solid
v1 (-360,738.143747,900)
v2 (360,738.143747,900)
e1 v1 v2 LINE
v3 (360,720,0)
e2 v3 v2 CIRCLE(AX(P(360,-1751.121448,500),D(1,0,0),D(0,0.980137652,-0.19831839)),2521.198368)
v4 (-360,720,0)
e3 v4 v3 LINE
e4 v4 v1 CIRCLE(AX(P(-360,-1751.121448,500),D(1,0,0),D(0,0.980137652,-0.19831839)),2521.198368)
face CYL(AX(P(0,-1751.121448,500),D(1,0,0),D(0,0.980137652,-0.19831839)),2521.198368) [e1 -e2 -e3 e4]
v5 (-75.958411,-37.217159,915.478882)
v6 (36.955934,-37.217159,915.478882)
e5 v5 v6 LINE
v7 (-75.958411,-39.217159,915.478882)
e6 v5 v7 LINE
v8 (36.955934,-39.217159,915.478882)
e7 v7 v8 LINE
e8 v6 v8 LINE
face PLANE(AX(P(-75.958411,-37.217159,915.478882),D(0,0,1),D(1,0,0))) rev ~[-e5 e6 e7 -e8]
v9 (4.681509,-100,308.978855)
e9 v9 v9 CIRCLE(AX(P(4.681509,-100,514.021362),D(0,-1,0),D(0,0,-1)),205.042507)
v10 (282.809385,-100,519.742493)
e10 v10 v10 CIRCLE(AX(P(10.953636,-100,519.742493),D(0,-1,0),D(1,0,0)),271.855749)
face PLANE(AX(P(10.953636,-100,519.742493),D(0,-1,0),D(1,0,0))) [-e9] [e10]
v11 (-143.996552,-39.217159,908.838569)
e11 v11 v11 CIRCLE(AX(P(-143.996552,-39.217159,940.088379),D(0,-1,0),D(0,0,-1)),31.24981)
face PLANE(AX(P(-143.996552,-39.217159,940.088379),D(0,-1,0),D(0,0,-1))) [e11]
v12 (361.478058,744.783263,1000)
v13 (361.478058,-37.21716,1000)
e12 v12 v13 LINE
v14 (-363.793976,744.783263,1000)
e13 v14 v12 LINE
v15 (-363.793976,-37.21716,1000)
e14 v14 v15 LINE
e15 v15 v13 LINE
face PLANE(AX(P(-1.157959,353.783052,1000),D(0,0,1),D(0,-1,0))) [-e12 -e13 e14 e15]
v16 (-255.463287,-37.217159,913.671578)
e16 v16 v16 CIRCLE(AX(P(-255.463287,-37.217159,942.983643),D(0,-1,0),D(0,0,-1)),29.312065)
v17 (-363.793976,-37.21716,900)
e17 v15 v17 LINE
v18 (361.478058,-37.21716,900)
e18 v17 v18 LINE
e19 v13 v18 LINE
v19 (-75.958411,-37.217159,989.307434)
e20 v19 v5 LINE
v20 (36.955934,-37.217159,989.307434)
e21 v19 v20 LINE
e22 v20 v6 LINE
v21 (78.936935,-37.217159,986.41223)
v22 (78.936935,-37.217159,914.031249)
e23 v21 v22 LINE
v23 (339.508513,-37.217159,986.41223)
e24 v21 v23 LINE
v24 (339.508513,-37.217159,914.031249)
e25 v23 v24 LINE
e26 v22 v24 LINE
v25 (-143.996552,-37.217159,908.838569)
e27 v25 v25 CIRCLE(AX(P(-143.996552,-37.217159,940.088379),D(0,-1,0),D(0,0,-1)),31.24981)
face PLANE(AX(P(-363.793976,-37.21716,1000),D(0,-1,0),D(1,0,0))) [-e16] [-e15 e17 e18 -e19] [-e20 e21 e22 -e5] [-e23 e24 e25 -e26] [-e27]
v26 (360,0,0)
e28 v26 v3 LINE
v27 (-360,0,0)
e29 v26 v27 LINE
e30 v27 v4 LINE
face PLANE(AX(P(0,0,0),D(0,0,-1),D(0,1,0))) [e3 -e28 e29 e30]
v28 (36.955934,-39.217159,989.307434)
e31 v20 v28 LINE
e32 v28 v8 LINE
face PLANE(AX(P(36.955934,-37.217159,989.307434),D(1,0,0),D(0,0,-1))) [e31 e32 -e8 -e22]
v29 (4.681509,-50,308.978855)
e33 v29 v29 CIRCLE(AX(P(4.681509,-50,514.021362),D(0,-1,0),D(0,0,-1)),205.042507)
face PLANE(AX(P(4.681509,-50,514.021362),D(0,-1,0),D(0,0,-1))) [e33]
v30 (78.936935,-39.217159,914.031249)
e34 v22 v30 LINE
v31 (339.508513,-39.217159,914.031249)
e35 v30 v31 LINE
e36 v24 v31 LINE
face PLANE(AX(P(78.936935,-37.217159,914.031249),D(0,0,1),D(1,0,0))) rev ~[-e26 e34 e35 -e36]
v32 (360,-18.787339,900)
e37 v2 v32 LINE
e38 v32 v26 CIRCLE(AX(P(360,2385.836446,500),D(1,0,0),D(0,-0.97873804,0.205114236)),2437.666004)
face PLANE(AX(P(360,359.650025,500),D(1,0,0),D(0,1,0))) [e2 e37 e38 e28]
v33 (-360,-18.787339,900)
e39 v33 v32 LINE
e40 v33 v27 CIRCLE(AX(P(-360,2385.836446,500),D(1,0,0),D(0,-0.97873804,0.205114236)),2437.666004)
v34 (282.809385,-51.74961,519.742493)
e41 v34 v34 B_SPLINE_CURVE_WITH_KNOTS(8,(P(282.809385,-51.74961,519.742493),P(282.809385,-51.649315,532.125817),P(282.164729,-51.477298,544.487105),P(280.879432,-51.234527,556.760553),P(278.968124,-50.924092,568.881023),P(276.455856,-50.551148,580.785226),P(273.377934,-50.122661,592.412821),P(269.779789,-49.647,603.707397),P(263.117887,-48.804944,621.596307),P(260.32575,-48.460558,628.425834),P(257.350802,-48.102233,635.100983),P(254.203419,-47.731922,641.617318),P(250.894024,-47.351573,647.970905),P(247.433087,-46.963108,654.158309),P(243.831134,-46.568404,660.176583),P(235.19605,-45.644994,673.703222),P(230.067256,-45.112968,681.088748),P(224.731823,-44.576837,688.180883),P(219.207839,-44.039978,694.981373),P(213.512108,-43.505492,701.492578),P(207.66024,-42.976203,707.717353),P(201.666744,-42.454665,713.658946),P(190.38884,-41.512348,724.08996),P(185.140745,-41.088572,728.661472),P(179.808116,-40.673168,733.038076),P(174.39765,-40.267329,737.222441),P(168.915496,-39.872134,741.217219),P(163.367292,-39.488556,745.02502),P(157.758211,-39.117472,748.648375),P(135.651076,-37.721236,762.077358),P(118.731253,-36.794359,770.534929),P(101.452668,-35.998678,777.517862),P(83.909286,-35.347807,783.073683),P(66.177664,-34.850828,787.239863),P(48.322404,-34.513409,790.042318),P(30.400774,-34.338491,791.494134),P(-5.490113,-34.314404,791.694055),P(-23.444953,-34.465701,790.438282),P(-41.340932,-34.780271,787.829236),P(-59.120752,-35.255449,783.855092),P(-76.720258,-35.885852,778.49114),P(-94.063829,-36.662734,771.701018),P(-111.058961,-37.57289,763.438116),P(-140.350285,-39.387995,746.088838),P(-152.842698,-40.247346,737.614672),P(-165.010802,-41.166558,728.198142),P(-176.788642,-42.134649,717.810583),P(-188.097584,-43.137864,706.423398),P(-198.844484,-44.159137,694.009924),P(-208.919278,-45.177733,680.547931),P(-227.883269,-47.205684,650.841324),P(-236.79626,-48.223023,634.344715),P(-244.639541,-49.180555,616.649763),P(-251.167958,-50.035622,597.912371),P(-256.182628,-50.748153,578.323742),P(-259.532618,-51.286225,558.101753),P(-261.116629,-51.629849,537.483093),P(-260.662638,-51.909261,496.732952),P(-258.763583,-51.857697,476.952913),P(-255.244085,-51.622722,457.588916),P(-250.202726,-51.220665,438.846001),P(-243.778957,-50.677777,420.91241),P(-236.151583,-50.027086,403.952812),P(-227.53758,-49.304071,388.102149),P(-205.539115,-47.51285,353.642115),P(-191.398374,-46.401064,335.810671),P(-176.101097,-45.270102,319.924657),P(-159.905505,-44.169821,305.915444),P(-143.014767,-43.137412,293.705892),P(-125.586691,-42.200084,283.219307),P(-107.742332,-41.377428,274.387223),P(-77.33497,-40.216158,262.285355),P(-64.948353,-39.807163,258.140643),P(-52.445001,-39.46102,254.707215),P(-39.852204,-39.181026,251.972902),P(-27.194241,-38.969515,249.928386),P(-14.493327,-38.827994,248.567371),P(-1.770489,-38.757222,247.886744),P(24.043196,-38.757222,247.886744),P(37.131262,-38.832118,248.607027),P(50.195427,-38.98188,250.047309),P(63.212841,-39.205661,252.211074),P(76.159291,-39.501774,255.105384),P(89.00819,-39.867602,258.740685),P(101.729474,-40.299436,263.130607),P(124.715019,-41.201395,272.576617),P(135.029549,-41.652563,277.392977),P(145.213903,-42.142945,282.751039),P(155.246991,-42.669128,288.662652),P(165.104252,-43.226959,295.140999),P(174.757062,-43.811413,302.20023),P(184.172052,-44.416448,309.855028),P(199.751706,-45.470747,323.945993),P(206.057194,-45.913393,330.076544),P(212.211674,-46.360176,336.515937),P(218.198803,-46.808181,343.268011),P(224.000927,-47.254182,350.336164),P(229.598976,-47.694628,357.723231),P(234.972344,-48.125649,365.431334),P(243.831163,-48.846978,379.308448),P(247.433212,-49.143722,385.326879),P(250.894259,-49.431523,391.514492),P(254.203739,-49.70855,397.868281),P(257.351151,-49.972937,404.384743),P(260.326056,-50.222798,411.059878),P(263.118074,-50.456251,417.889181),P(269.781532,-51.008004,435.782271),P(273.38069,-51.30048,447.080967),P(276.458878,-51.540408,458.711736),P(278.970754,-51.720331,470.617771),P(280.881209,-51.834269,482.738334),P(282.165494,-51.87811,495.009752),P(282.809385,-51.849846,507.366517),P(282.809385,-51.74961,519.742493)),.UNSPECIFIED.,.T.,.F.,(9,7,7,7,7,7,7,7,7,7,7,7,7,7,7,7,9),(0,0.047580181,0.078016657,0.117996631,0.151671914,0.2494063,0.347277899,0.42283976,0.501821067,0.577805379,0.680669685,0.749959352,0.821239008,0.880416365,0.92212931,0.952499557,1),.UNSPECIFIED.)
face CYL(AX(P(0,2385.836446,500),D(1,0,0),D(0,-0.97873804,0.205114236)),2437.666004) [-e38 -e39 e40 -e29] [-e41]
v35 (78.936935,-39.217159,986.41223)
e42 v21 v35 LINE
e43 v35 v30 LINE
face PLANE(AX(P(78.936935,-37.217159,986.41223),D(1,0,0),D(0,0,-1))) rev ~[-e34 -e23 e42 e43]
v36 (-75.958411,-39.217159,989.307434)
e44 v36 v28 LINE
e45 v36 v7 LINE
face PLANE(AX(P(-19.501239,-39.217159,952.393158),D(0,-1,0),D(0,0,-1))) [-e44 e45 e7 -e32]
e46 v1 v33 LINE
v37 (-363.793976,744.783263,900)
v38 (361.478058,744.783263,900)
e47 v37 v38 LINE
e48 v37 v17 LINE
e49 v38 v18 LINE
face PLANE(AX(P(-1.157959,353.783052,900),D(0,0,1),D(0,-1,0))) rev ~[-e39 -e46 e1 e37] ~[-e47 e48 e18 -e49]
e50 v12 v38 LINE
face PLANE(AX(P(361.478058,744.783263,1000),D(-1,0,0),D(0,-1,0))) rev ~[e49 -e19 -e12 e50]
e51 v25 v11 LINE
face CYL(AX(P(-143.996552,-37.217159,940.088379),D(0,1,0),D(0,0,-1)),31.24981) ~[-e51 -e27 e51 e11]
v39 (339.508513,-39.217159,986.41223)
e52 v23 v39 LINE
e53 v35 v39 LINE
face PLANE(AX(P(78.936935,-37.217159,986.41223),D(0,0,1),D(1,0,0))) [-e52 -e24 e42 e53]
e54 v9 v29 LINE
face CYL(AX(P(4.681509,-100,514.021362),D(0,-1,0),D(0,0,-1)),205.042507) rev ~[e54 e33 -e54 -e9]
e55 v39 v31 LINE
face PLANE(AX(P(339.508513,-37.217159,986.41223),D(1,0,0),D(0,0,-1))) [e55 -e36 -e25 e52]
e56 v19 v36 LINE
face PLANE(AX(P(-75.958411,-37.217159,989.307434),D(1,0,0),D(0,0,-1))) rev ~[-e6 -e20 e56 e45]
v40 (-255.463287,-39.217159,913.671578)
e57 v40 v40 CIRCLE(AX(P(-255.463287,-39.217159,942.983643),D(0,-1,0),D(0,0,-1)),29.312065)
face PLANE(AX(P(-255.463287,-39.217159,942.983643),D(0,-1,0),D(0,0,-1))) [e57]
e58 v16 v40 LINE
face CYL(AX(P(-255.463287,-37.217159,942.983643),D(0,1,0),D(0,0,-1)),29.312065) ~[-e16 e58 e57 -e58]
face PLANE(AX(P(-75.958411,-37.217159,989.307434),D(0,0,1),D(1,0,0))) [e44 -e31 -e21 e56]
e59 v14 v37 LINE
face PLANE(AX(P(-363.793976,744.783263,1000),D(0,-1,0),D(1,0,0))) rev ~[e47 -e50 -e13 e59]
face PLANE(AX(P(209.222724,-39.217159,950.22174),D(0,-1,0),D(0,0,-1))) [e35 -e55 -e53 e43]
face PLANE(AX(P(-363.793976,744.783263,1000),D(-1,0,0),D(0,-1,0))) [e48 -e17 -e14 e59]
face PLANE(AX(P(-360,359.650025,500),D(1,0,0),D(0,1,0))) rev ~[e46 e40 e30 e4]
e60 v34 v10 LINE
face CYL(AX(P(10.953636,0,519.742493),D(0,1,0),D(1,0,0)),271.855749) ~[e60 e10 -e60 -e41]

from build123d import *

# Parameters (mm, degrees)
PAD_DEPTH      = 360
PAD_DEPTH_BACK = 360
SKETCH001_R    = 271.855749
PAD001_DEPTH   = 100
SKETCH002_R    = 205.042507
POCKET_DEPTH   = 50
SKETCH003_W    = 782.000423
SKETCH003_H    = 725.272034
PAD002_DEPTH   = 100
SKETCH004_R    = 29.312065
SKETCH004_R_2  = 31.24981
SKETCH004_W    = 72.380981
SKETCH004_H    = 260.571579
SKETCH004_W_2  = 73.828552
SKETCH004_H_2  = 112.914345
PAD003_DEPTH   = 2


with BuildPart() as part:
    # Sketch → Pad (new body, two sides)
    with BuildSketch(Plane.YZ) as pad_sk:
        with BuildLine():
            Line((0, 0), (720, 0))
            ThreePointArc((720, 0), (770.07692, 500), (720, 1000))
            Line((0, 1000), (720, 1000))
            ThreePointArc((0, 1000), (-51.829558, 500), (0, 0))
        make_face()
    extrude(amount=PAD_DEPTH)
    extrude(pad_sk.sketch, amount=-PAD_DEPTH_BACK)

    # Sketch001 → Pad001 (join)
    with BuildSketch(Plane.XZ):
        with Locations((10.953636, 519.742493)):
            Circle(SKETCH001_R)
    extrude(amount=PAD001_DEPTH)

    # Sketch002 (on Face8 of Pad001) → Pocket (cut)
    with BuildSketch(Plane(origin=(0, -100, 0), x_dir=(0, 0, -1), z_dir=(0, -1, 0))):
        with Locations((-514.021362, 4.681509)):
            Circle(SKETCH002_R)
    extrude(amount=-POCKET_DEPTH, mode=Mode.SUBTRACT)

    # Sketch003 (on Face2 of Pocket) → Pad002 (join)
    with BuildSketch(Plane(origin=(0, 0, 1000), x_dir=(0, -1, 0), z_dir=(0, 0, 1))):
        with Locations((-353.783052, -1.157959)):
            Rectangle(SKETCH003_W, SKETCH003_H)
    extrude(amount=-PAD002_DEPTH)

    # Sketch004 (on Face4 of Pad002) → Pad003 (join)
    with BuildSketch(Plane(origin=(0, -37.217159, 0), x_dir=(0, 0, -1), z_dir=(0, -1, 0))):
        with Locations((-942.983643, -255.463287)):
            Circle(SKETCH004_R)
        with Locations((-940.088379, -143.996552)):
            Circle(SKETCH004_R_2)
        with Locations((-950.22174, 209.222724)):
            Rectangle(SKETCH004_W, SKETCH004_H)
        with Locations((-952.393158, -19.501239)):
            Rectangle(SKETCH004_W_2, SKETCH004_H_2)
    extrude(amount=PAD003_DEPTH)


solid = part.part
